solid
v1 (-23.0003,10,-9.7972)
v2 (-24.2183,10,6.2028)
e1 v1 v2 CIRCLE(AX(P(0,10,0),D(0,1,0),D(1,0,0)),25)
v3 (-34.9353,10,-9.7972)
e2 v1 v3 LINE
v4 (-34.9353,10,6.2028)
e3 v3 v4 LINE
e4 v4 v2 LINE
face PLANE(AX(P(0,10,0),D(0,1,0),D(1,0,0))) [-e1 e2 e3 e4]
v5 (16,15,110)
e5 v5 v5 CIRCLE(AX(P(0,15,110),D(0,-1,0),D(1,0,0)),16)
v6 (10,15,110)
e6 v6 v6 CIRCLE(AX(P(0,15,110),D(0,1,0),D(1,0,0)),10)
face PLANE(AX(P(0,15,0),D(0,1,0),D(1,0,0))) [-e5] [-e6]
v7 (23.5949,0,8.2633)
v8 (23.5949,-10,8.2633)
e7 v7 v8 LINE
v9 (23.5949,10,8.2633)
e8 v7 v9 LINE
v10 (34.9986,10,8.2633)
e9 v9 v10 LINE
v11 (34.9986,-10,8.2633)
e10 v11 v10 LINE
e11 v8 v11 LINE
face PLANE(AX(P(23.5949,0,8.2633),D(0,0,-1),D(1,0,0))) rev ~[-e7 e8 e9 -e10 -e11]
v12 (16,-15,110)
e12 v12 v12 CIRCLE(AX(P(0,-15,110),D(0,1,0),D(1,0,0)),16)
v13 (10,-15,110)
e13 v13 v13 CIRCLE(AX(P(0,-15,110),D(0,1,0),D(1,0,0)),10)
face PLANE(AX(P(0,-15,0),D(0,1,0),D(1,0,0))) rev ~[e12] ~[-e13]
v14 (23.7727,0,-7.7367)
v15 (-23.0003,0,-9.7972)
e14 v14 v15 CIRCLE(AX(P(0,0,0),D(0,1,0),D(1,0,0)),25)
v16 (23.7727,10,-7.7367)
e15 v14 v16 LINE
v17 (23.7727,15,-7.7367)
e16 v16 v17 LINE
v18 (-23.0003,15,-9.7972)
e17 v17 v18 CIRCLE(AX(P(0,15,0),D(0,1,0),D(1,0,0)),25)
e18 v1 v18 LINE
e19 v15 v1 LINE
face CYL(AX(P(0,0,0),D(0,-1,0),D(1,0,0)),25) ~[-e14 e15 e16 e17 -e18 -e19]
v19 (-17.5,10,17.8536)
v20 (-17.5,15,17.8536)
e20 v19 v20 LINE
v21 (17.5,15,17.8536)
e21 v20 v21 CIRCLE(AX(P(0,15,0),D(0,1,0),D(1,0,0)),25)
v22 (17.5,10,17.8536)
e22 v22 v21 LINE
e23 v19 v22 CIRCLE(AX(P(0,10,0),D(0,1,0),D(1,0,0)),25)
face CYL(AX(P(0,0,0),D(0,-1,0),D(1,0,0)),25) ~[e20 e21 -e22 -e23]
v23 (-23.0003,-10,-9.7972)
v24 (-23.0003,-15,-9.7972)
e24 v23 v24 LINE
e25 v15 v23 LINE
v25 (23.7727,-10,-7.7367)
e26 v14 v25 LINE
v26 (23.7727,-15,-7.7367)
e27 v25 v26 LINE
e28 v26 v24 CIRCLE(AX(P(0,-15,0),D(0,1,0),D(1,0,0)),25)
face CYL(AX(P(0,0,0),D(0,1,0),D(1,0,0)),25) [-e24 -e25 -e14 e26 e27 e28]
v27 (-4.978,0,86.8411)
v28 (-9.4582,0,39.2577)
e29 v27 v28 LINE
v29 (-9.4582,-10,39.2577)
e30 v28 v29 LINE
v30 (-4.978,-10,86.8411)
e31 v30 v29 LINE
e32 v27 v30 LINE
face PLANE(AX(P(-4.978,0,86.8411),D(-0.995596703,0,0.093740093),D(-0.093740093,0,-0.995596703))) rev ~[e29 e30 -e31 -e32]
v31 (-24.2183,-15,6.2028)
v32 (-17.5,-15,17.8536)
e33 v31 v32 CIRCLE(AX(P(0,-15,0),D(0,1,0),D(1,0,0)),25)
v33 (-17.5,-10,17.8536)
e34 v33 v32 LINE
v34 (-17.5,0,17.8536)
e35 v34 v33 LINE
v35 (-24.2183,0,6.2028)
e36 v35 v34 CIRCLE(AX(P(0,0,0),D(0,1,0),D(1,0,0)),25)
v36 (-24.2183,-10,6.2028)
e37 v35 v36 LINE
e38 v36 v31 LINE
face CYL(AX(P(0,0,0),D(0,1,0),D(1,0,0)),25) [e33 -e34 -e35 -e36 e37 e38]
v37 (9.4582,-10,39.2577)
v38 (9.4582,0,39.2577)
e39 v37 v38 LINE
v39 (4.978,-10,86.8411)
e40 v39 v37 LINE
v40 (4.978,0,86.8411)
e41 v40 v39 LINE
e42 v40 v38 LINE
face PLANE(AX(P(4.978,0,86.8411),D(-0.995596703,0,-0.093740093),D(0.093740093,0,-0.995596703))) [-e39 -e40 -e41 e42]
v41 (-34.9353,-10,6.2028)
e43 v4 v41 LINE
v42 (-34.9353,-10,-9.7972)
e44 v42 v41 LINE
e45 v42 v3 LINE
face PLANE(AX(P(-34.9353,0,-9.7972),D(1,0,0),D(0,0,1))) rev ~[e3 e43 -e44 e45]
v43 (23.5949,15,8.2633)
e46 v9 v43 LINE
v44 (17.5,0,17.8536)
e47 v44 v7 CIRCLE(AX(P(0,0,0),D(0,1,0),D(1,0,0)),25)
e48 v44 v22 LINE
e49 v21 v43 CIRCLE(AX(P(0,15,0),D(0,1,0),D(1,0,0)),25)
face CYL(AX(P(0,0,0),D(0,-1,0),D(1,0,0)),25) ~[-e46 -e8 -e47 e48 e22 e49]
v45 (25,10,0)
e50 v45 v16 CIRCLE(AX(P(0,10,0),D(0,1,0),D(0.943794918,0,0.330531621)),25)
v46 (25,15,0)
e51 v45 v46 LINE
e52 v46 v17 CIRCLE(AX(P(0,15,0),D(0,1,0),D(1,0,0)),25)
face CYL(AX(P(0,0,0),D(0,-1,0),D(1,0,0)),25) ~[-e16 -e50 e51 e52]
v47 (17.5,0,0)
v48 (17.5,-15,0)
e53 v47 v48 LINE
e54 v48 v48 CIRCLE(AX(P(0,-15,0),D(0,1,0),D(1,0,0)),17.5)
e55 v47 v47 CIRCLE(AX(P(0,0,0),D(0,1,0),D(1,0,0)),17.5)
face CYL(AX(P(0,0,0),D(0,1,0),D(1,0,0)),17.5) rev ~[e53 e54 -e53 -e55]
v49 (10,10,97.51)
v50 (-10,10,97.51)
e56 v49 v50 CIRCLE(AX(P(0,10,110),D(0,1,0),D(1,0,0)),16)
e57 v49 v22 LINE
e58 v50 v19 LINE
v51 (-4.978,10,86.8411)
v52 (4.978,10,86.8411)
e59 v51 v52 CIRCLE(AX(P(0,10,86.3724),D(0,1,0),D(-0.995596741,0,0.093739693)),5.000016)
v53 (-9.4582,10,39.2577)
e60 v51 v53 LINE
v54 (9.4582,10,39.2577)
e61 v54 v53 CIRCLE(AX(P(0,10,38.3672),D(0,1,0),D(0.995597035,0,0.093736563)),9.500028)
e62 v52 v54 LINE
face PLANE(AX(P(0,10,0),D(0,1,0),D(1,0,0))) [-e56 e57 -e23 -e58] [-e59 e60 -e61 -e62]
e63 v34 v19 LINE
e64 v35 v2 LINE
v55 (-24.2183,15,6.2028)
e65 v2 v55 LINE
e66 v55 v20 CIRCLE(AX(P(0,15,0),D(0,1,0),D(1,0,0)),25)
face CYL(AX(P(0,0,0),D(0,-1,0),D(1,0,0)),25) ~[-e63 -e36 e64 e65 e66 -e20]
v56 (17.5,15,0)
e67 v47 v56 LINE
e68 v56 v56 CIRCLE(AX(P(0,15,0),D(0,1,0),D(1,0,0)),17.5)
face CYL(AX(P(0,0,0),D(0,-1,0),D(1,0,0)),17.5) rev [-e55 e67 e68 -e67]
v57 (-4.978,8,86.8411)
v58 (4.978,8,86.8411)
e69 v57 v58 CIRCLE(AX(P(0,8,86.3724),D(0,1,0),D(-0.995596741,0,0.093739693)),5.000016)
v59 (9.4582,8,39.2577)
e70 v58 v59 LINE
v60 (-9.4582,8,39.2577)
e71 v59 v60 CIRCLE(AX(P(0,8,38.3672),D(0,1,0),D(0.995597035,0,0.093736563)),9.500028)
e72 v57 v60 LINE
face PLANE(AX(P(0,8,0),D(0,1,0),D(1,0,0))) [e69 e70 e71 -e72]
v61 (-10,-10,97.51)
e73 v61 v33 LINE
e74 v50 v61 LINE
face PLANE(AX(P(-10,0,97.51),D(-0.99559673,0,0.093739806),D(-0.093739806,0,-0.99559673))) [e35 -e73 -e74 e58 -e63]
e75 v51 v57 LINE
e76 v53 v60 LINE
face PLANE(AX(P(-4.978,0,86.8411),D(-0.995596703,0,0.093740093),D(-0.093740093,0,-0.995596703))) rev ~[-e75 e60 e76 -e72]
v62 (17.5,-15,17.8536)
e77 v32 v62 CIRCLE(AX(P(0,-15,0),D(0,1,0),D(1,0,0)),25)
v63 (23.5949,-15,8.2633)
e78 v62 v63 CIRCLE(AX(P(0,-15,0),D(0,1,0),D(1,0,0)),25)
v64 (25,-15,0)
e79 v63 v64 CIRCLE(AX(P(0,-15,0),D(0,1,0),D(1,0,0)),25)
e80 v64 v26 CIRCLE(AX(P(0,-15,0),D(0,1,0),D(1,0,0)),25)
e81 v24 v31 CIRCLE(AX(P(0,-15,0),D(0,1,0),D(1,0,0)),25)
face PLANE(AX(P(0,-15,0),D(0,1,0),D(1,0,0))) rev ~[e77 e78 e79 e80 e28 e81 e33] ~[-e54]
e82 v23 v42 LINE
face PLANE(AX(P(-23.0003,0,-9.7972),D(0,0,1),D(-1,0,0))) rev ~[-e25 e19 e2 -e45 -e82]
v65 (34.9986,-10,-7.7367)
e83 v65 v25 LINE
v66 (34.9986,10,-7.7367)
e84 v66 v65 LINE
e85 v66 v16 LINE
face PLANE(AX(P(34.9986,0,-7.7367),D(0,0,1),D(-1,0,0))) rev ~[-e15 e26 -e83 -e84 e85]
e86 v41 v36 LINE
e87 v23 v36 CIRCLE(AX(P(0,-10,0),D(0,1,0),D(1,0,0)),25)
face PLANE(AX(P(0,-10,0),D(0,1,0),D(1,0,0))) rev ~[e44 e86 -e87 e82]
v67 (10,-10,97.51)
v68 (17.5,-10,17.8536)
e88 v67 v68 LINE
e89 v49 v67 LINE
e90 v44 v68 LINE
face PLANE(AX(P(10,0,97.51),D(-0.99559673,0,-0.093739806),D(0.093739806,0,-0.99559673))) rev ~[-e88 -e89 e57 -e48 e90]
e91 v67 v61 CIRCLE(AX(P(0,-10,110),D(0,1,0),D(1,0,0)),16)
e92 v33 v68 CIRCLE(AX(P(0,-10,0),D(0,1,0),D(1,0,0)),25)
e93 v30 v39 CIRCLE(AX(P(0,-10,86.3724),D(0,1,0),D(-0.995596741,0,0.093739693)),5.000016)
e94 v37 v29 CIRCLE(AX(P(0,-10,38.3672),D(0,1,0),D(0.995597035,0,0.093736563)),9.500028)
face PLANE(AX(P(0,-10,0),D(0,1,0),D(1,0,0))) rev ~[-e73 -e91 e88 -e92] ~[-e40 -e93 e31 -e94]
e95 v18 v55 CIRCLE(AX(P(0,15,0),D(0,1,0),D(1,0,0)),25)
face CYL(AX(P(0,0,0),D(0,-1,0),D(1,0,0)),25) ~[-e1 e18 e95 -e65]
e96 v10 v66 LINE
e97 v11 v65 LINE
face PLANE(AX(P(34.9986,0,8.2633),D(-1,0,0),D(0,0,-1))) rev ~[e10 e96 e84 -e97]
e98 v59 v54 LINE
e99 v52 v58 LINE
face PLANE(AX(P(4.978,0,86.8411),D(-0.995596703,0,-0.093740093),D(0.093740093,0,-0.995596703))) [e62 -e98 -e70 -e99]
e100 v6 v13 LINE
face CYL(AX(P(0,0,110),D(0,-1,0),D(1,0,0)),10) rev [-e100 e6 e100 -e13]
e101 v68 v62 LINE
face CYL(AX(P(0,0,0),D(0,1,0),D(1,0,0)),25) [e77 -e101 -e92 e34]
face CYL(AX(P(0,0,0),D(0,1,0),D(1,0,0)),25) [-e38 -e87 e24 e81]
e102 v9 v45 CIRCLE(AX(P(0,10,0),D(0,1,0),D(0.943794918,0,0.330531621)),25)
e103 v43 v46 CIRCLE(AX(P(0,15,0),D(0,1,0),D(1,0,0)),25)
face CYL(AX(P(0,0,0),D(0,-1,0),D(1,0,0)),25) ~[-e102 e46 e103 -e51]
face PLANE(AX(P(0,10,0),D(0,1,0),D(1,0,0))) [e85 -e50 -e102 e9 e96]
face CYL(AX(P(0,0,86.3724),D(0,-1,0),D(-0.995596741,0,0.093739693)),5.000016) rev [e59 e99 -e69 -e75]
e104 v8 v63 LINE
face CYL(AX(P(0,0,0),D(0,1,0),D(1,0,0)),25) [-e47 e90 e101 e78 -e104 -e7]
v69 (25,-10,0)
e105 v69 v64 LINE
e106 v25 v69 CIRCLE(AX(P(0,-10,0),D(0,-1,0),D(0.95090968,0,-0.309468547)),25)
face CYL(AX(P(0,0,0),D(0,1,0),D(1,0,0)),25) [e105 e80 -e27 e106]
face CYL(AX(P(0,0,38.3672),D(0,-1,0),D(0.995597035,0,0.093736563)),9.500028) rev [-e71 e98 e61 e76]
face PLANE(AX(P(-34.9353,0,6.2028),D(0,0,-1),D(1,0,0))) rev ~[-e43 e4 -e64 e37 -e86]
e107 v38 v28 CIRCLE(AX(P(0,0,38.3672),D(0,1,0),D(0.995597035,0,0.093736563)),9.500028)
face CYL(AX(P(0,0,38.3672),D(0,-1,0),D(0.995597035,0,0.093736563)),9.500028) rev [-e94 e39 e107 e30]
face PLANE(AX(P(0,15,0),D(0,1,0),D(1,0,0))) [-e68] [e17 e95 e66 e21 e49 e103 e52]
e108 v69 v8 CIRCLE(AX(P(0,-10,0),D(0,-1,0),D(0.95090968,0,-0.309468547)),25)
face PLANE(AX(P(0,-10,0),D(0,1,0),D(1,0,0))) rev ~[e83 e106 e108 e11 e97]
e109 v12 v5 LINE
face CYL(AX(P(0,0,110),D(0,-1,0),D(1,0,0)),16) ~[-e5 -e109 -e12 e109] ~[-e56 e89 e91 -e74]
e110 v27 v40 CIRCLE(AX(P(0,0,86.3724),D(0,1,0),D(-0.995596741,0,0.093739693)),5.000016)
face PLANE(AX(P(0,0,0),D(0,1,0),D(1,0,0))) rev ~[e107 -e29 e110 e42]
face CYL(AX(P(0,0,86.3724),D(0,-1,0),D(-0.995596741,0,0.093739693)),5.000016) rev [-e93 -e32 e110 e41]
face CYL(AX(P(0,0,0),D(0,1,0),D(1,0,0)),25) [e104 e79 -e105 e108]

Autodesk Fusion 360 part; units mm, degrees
sketch "Sketch1" plane through (0, 0, 0) normal (0, 1, 0) x (1, 0, 0)
  circle A0 centre (0, 0) radius 17.5
  circle A1 centre (0, 0) radius 25
  circle A2 centre (0, -110) radius 10
  circle A3 centre (0, -110) radius 16
  line L0 (-10, -97.51) -> (-17.5, -17.8536)
  line L1 (10, -97.51) -> (17.5, -17.8536)
  line L2 (-23.0003, 9.7972) -> (-34.9353, 9.7972)
  line L3 (-34.9353, 9.7972) -> (-34.9353, -6.2028)
  line L4 (-14.9353, 9.7972) -> (-34.9353, -6.2028) construction
  line L5 (-34.9353, 9.7972) -> (-14.9353, -6.2028) construction
  line L6 (34.9986, -8.2633) -> (34.9986, 7.7367)
  line L7 (34.9986, 7.7367) -> (14.9986, -8.2633) construction
  line L8 (14.9986, 7.7367) -> (34.9986, -8.2633) construction
  line L9 (-34.9353, -6.2028) -> (-24.2183, -6.2028)
  line L10 (23.5949, -8.2633) -> (34.9986, -8.2633)
  line L11 (34.9986, 7.7367) -> (23.7727, 7.7367)
  arc A4 (9.4582, -39.2577) -> (-9.4582, -39.2577) centre (0, -38.3672) ccw
  arc A5 (-4.978, -86.8411) -> (4.978, -86.8411) centre (0, -86.3724) ccw
  line L12 (-4.978, -86.8411) -> (-9.4582, -39.2577)
  line L13 (4.978, -86.8411) -> (9.4582, -39.2577)
  point P0 (-24.9353, 1.7972)
  point P1 (24.9986, -0.2633)
  dimension "d1" = 35
  dimension "d2" = 50
  dimension "d3" = 20
  dimension "d4" = 32
  dimension "d5" = 110
  dimension "d6" = 20
  dimension "d7" = 35
  dimension "d10" = 5
  dimension "d11" = 9.5
  dimension "d12" = 16
  dimension "d13" = 20
  dimension "d14" = 16
  dimension "d15" = 20
extrude "Extrude1" add sketch "Sketch1" along normal mid plane 30 contours A1 | A3 makes body 1 at (17.413, 10, 1.7424) makes body 2 at (15.9205, 5, 108.4069)
extrude "Extrude2" add sketch "Sketch1" along normal mid plane 20 contours A1 L6 L10 L11 | A1 L2 L3 L9 | A1 A3 L0 L1 bodies 1 2
extrude "Extrude3" add sketch "Sketch1" along normal blind 8 contours A4 A5 L12 L13 bodies 1
